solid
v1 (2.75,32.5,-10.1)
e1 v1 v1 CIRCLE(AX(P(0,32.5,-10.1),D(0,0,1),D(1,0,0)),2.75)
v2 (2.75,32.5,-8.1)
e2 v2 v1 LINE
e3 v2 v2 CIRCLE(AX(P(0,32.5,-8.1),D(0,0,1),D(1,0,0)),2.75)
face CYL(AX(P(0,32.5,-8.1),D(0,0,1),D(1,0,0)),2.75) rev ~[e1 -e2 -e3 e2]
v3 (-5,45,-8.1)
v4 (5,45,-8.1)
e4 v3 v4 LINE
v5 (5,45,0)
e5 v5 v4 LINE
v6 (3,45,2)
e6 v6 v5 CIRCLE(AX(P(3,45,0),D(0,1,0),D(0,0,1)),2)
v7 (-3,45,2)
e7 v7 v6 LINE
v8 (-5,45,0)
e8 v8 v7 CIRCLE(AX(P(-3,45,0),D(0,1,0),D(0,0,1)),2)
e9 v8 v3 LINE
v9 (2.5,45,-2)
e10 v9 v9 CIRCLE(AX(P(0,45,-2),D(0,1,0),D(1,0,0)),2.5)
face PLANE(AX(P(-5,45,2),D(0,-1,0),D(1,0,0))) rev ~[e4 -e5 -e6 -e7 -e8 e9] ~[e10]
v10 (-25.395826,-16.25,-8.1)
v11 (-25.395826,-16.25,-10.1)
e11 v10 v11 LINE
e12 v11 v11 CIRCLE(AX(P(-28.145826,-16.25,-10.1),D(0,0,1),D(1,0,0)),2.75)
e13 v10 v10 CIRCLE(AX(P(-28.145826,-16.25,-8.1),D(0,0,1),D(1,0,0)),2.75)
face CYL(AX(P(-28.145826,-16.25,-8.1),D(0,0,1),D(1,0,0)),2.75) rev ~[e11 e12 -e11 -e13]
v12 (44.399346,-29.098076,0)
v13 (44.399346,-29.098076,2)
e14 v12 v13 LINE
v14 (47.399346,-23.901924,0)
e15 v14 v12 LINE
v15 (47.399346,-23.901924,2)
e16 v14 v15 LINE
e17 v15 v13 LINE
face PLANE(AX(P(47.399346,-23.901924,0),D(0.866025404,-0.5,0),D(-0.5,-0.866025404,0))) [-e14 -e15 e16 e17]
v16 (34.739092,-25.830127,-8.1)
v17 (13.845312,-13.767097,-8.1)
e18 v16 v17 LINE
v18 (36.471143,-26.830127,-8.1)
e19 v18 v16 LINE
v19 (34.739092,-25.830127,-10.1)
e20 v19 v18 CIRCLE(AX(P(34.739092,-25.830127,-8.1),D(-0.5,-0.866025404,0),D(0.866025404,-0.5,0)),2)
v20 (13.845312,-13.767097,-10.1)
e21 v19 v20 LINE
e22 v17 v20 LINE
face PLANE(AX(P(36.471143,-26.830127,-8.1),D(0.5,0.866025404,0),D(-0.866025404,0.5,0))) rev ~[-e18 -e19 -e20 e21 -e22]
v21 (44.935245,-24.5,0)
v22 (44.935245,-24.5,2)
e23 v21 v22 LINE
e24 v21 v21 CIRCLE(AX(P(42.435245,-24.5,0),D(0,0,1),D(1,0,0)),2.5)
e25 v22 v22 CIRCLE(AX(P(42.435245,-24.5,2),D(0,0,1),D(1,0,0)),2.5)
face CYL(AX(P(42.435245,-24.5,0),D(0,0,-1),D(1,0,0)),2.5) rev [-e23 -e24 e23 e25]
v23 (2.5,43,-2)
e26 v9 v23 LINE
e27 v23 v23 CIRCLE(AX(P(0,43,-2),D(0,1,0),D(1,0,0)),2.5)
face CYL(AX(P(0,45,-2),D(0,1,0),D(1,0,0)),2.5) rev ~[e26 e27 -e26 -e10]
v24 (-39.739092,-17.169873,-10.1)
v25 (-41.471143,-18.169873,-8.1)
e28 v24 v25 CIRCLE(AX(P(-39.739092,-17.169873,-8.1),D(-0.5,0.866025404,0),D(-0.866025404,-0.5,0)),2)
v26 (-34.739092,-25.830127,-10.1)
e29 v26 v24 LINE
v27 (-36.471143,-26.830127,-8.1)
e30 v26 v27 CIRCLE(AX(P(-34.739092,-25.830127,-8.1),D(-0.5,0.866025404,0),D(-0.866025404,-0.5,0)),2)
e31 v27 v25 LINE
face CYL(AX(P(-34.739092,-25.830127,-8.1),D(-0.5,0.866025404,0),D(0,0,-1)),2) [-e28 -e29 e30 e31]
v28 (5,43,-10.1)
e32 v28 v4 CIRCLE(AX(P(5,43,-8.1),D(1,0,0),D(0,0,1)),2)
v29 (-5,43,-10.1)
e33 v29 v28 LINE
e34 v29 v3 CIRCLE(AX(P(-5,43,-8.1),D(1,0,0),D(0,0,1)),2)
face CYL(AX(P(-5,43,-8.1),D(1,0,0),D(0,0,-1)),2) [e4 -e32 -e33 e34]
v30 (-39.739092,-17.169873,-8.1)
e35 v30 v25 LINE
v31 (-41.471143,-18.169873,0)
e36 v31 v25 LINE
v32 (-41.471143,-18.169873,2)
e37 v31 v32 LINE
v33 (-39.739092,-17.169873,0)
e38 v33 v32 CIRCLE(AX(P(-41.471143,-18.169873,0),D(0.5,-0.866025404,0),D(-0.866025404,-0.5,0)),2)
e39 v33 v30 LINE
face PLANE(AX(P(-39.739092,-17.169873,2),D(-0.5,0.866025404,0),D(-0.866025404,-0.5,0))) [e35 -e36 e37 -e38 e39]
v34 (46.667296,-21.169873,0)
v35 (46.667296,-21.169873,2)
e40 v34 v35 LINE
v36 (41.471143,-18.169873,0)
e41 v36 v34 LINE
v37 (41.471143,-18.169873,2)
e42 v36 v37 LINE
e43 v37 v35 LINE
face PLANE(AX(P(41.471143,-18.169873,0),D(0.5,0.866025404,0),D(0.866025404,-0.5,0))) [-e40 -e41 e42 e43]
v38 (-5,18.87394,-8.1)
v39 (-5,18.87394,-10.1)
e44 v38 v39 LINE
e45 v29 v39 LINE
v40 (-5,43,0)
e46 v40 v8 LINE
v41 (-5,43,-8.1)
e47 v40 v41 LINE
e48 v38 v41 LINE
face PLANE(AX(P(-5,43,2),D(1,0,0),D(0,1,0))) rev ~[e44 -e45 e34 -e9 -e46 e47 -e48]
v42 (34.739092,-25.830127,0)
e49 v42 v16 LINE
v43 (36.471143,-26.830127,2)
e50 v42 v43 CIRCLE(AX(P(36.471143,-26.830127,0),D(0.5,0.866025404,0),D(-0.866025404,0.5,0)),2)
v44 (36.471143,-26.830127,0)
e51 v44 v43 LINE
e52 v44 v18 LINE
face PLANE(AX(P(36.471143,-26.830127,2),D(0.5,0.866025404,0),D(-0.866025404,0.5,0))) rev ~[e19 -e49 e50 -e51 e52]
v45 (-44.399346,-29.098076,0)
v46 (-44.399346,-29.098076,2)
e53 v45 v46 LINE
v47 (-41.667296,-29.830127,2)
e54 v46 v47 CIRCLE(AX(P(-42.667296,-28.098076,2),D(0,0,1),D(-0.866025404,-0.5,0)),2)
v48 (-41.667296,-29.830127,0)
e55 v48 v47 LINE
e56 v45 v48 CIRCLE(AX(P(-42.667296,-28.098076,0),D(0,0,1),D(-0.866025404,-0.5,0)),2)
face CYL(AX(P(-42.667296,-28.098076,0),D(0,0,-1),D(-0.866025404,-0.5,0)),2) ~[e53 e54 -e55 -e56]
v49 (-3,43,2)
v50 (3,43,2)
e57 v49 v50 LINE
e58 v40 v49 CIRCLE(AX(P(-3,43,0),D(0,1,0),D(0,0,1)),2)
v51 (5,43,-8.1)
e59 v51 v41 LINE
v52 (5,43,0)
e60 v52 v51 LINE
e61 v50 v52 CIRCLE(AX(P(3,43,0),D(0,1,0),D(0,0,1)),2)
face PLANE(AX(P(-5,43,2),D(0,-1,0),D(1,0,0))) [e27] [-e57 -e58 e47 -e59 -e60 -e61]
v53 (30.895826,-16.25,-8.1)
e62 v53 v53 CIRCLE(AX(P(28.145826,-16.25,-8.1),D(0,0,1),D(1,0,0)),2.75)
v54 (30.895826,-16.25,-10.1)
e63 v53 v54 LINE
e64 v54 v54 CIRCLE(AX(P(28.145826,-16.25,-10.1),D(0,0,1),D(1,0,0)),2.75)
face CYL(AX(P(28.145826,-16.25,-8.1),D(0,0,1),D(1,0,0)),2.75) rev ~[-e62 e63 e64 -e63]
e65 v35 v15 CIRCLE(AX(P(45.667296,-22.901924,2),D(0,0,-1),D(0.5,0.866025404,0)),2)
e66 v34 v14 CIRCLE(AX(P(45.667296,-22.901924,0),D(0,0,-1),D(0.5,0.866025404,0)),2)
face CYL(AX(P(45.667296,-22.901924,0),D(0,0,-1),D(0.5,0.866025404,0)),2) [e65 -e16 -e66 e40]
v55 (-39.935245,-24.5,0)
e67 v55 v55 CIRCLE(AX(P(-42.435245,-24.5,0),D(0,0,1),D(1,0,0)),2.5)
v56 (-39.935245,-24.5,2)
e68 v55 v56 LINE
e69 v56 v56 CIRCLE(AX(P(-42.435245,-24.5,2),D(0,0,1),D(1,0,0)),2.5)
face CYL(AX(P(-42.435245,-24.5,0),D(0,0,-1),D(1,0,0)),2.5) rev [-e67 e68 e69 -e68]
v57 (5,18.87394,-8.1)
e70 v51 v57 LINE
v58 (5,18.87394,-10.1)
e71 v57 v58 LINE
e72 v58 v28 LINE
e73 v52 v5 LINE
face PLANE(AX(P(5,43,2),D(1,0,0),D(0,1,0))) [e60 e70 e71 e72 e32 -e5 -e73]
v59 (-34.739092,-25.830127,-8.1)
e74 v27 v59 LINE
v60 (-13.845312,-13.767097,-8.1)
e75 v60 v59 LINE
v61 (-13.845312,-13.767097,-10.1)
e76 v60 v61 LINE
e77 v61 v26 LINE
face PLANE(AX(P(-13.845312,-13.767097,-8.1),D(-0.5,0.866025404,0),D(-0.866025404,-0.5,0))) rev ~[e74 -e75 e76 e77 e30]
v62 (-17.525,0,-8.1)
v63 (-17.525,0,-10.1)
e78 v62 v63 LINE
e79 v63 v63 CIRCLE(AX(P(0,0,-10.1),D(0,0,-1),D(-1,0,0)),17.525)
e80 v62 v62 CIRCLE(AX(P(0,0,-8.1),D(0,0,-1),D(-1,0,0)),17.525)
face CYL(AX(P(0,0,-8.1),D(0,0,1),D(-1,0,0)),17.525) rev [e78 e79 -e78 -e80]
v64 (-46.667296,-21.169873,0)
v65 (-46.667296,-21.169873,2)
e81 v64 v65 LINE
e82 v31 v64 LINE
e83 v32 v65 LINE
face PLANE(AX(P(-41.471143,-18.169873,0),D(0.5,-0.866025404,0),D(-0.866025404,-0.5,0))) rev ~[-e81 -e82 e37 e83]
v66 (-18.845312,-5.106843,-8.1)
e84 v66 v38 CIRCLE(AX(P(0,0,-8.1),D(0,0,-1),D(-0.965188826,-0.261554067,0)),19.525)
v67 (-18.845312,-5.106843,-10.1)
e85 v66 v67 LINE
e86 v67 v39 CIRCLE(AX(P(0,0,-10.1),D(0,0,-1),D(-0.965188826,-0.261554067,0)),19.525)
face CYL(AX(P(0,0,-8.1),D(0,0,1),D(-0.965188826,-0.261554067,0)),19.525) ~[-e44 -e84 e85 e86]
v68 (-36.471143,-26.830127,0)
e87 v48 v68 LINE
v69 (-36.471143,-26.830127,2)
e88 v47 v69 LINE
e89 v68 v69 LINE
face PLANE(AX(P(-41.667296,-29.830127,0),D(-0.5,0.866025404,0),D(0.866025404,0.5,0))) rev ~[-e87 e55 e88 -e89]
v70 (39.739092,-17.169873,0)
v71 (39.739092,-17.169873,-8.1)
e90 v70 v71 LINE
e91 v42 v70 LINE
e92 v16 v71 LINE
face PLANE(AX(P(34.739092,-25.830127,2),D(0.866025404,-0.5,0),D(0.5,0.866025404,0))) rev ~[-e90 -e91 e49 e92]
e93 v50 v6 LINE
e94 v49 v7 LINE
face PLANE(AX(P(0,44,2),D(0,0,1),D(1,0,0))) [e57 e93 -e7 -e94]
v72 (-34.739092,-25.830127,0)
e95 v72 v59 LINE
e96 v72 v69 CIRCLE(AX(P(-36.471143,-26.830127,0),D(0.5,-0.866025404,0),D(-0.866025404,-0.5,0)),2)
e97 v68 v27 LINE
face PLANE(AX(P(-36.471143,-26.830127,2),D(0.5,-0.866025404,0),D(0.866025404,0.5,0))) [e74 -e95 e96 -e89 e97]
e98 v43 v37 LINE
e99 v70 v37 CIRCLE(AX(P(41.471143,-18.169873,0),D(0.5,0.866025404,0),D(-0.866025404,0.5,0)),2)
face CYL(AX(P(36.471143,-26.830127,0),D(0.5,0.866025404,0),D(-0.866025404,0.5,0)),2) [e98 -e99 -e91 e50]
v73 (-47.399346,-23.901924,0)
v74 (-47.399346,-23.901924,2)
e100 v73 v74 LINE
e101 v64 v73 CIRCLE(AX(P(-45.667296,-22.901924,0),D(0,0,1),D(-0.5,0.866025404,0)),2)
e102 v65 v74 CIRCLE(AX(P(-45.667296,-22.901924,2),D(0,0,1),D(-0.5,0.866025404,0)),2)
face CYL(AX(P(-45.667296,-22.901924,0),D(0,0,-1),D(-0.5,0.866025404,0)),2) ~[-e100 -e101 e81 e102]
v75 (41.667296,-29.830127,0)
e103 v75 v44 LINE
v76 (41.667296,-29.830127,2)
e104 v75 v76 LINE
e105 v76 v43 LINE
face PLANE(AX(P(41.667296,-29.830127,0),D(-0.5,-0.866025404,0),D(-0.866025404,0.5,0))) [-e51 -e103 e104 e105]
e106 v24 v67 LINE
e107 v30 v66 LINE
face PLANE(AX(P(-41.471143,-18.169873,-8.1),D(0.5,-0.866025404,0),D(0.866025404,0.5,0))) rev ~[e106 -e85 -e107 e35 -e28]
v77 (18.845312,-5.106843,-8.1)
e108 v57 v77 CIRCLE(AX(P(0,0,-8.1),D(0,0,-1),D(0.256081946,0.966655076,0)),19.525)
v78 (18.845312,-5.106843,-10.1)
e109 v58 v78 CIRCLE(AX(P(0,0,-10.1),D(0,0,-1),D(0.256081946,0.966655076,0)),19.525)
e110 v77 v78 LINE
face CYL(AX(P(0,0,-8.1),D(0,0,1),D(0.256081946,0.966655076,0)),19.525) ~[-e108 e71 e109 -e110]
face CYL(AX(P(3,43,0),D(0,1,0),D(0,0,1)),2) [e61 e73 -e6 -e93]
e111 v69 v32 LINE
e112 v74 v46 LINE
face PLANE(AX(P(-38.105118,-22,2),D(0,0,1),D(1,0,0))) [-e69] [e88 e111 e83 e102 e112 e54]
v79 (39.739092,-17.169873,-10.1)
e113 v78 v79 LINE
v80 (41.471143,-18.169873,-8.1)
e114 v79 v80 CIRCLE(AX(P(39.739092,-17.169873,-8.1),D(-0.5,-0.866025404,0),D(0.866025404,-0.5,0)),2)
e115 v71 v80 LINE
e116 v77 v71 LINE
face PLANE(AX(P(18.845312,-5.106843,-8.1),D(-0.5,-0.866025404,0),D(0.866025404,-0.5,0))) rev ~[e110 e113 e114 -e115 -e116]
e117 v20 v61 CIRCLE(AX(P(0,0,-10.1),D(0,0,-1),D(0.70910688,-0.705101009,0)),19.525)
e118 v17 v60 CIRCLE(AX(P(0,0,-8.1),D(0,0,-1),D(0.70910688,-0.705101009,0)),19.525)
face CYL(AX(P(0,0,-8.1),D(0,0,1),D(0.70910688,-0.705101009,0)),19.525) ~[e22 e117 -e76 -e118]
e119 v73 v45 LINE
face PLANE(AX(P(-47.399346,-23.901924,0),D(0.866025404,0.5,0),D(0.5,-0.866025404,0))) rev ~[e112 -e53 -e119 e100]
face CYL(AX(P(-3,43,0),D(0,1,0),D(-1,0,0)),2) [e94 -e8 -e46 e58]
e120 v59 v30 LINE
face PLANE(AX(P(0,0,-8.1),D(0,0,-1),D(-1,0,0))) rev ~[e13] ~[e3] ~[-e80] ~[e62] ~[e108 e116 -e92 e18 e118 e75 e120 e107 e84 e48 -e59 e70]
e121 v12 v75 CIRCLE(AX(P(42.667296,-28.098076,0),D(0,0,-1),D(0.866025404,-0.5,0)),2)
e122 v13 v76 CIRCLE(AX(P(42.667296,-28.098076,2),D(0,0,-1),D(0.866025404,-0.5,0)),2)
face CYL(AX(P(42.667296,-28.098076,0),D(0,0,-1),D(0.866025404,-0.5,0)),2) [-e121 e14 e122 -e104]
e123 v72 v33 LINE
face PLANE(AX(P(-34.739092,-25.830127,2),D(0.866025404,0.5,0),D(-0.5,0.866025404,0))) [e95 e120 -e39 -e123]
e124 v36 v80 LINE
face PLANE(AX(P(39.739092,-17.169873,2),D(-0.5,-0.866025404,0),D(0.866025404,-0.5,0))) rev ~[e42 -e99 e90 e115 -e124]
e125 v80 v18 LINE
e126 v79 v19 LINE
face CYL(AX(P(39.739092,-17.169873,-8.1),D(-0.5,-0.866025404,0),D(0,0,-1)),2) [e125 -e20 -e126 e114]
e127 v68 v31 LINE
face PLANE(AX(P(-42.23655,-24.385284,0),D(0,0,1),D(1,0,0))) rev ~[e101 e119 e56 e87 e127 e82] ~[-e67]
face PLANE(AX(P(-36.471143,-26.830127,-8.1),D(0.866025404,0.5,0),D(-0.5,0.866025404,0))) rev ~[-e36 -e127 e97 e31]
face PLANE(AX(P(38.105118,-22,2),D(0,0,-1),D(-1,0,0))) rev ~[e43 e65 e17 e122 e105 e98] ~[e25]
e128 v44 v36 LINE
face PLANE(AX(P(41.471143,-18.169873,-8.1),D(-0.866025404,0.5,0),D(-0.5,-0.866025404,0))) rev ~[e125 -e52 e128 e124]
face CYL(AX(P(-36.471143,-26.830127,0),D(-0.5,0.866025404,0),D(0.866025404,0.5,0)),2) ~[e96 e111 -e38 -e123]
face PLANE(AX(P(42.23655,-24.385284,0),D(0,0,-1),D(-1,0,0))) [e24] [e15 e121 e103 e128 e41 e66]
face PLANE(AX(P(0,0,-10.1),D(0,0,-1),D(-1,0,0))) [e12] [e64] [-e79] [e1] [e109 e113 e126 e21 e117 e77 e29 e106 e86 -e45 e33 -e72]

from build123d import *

# Parameters (mm, degrees)
SKETCH1_R             = 2.5
BOSS_EXTRUDE1_DEPTH   = 2
BOSS_EXTRUDE1_2_DEPTH = 2
BOSS_EXTRUDE2_DEPTH   = 10.1
SKETCH3_R             = 17.525
BOSS_EXTRUDE3_DEPTH   = 2
SKETCH4_R             = 2.75
CUT_EXTRUDE1_DEPTH    = 3
SKETCH2_3_W           = 10
SKETCH2_3_H           = 2
BOSS_EXTRUDE4_DEPTH   = 12.1
CUT_EXTRUDE2_REACH    = 77.098
SKETCH5_R             = 2.5
FILLET2_R             = 2
SKETCH6_R             = 2.75
CUT_EXTRUDE3_DEPTH    = 10


with BuildPart() as part:
    # Sketch1 → Boss-Extrude1 (new body)
    with BuildSketch(Plane.XY):
        with BuildLine():
            Line((-47.399346401, -23.901923789), (-44.399346401, -29.098076211))
            ThreePointArc((-44.399346401, -29.098076211), (-43.184933683, -30.029927864), (-41.667295593, -29.830127019))
            Line((-41.667295593, -29.830127019), (-36.47114317, -26.830127019))
            Line((-36.47114317, -26.830127019), (-41.47114317, -18.169872981))
            Line((-41.47114317, -18.169872981), (-46.667295593, -21.169872981))
            ThreePointArc((-46.667295593, -21.169872981), (-47.599147246, -22.384285698), (-47.399346401, -23.901923789))
        make_face()
        with Locations((-42.435244785, -24.5)):
            Circle(SKETCH1_R, mode=Mode.SUBTRACT)
    extrude(amount=BOSS_EXTRUDE1_DEPTH)



with BuildPart() as body_2:
    # Sketch1 → Boss-Extrude1 2 (new body)
    with BuildSketch(Plane.XY):
        with BuildLine():
            Line((41.667295593, -29.830127019), (36.47114317, -26.830127019))
            Line((36.47114317, -26.830127019), (41.47114317, -18.169872981))
            Line((41.47114317, -18.169872981), (46.667295593, -21.169872981))
            ThreePointArc((46.667295593, -21.169872981), (47.599147246, -22.384285698), (47.399346401, -23.901923789))
            Line((47.399346401, -23.901923789), (44.399346401, -29.098076211))
            ThreePointArc((44.399346401, -29.098076211), (43.184933683, -30.029927864), (41.667295593, -29.830127019))
        make_face()
        with Locations((42.435244785, -24.5)):
            Circle(SKETCH1_R, mode=Mode.SUBTRACT)
    extrude(amount=BOSS_EXTRUDE1_2_DEPTH)


with BuildPart() as part_1:
    add(part.part)

    add(body_2.part)  # Boss-Extrude2 merges body 2
    # Sketch2 → Boss-Extrude2 (add)
    with BuildSketch(Plane.XY.offset(2)):
        Polygon((41.47114317, -18.169872981), (36.47114317, -26.830127019), (34.739092363, -25.830127019), (39.739092363, -17.169872981), align=None)
        Polygon((-34.739092363, -25.830127019), (-39.739092363, -17.169872981), (-41.47114317, -18.169872981), (-36.47114317, -26.830127019), align=None)
    extrude(amount=-BOSS_EXTRUDE2_DEPTH)

    # Sketch3 → Boss-Extrude3 (add)
    with BuildSketch(Plane(origin=(0, 0, -8.1), x_dir=(-1, 0, 0), z_dir=(0, 0, -1))):
        with BuildLine():
            Line((-41.47114317, -18.169872981), (-36.47114317, -26.830127019))
            Line((-36.47114317, -26.830127019), (-13.845311828, -13.767097203))
            ThreePointArc((-13.845311828, -13.767097203), (0, -19.525), (13.845311828, -13.767097203))
            Line((13.845311828, -13.767097203), (36.47114317, -26.830127019))
            Line((36.47114317, -26.830127019), (41.47114317, -18.169872981))
            Line((41.47114317, -18.169872981), (18.845311828, -5.106843165))
            ThreePointArc((18.845311828, -5.106843165), (16.909146009, 9.7625), (5, 18.873940368))
            Line((5, 18.873940368), (5, 45))
            Line((5, 45), (-5, 45))
            Line((-5, 45), (-5, 18.873940368))
            ThreePointArc((-5, 18.873940368), (-16.909146009, 9.7625), (-18.845311828, -5.106843165))
            Line((-18.845311828, -5.106843165), (-41.47114317, -18.169872981))
        make_face()
        Circle(SKETCH3_R, mode=Mode.SUBTRACT)
    extrude(amount=BOSS_EXTRUDE3_DEPTH)

    # Sketch4 → Cut-Extrude1 (cut, through all)
    with BuildSketch(Plane.XY.offset(-8.1)):
        with Locations((0, 32.5)):
            Circle(SKETCH4_R)
    extrude(amount=-CUT_EXTRUDE1_DEPTH, mode=Mode.SUBTRACT)

    # Sketch2<3> → Boss-Extrude4 (add)
    with BuildSketch(Plane.XY.offset(2)):
        with Locations((0, 44)):
            Rectangle(SKETCH2_3_W, SKETCH2_3_H)
    extrude(amount=-BOSS_EXTRUDE4_DEPTH)

    # Sketch5 → Cut-Extrude2 (cut, up to next)
    with BuildSketch(Plane(origin=(0, 45, 0), x_dir=(1, 0, 0), z_dir=(0, 1, 0)), mode=Mode.PRIVATE) as cut_extrude2_sk1:
        with Locations((0, 2)):
            Circle(SKETCH5_R)
    cut_extrude2_tool1 = extrude(cut_extrude2_sk1.sketch, amount=-CUT_EXTRUDE2_REACH, mode=Mode.PRIVATE) & part_1.part
    add(cut_extrude2_tool1.solids().sort_by_distance((0, 45, -2))[0], mode=Mode.SUBTRACT)

    # Fillet2
    fillet2_edges = [part_1.edges().sort_by_distance(p)[0] for p in [
        (-37.239092363, -21.5, 2),
        (38.97114317, -22.5, -10.1),
        (-38.97114317, -22.5, -10.1),
        (0, 45, -10.1),
        (37.239092363, -21.5, 2),
        (5, 44, 2),
        (-5, 44, 2),
    ]]
    fillet(fillet2_edges, radius=FILLET2_R)

    # Sketch6 → Cut-Extrude3 (cut)
    with BuildSketch(Plane.XY.offset(-8.1)):
        with Locations((0, 32.5)):
            Circle(SKETCH6_R)
        with Locations((28.145825623, -16.25)):
            Circle(SKETCH6_R)
        with Locations((-28.145825623, -16.25)):
            Circle(SKETCH6_R)
    extrude(amount=-CUT_EXTRUDE3_DEPTH, mode=Mode.SUBTRACT)


solid = part_1.part
